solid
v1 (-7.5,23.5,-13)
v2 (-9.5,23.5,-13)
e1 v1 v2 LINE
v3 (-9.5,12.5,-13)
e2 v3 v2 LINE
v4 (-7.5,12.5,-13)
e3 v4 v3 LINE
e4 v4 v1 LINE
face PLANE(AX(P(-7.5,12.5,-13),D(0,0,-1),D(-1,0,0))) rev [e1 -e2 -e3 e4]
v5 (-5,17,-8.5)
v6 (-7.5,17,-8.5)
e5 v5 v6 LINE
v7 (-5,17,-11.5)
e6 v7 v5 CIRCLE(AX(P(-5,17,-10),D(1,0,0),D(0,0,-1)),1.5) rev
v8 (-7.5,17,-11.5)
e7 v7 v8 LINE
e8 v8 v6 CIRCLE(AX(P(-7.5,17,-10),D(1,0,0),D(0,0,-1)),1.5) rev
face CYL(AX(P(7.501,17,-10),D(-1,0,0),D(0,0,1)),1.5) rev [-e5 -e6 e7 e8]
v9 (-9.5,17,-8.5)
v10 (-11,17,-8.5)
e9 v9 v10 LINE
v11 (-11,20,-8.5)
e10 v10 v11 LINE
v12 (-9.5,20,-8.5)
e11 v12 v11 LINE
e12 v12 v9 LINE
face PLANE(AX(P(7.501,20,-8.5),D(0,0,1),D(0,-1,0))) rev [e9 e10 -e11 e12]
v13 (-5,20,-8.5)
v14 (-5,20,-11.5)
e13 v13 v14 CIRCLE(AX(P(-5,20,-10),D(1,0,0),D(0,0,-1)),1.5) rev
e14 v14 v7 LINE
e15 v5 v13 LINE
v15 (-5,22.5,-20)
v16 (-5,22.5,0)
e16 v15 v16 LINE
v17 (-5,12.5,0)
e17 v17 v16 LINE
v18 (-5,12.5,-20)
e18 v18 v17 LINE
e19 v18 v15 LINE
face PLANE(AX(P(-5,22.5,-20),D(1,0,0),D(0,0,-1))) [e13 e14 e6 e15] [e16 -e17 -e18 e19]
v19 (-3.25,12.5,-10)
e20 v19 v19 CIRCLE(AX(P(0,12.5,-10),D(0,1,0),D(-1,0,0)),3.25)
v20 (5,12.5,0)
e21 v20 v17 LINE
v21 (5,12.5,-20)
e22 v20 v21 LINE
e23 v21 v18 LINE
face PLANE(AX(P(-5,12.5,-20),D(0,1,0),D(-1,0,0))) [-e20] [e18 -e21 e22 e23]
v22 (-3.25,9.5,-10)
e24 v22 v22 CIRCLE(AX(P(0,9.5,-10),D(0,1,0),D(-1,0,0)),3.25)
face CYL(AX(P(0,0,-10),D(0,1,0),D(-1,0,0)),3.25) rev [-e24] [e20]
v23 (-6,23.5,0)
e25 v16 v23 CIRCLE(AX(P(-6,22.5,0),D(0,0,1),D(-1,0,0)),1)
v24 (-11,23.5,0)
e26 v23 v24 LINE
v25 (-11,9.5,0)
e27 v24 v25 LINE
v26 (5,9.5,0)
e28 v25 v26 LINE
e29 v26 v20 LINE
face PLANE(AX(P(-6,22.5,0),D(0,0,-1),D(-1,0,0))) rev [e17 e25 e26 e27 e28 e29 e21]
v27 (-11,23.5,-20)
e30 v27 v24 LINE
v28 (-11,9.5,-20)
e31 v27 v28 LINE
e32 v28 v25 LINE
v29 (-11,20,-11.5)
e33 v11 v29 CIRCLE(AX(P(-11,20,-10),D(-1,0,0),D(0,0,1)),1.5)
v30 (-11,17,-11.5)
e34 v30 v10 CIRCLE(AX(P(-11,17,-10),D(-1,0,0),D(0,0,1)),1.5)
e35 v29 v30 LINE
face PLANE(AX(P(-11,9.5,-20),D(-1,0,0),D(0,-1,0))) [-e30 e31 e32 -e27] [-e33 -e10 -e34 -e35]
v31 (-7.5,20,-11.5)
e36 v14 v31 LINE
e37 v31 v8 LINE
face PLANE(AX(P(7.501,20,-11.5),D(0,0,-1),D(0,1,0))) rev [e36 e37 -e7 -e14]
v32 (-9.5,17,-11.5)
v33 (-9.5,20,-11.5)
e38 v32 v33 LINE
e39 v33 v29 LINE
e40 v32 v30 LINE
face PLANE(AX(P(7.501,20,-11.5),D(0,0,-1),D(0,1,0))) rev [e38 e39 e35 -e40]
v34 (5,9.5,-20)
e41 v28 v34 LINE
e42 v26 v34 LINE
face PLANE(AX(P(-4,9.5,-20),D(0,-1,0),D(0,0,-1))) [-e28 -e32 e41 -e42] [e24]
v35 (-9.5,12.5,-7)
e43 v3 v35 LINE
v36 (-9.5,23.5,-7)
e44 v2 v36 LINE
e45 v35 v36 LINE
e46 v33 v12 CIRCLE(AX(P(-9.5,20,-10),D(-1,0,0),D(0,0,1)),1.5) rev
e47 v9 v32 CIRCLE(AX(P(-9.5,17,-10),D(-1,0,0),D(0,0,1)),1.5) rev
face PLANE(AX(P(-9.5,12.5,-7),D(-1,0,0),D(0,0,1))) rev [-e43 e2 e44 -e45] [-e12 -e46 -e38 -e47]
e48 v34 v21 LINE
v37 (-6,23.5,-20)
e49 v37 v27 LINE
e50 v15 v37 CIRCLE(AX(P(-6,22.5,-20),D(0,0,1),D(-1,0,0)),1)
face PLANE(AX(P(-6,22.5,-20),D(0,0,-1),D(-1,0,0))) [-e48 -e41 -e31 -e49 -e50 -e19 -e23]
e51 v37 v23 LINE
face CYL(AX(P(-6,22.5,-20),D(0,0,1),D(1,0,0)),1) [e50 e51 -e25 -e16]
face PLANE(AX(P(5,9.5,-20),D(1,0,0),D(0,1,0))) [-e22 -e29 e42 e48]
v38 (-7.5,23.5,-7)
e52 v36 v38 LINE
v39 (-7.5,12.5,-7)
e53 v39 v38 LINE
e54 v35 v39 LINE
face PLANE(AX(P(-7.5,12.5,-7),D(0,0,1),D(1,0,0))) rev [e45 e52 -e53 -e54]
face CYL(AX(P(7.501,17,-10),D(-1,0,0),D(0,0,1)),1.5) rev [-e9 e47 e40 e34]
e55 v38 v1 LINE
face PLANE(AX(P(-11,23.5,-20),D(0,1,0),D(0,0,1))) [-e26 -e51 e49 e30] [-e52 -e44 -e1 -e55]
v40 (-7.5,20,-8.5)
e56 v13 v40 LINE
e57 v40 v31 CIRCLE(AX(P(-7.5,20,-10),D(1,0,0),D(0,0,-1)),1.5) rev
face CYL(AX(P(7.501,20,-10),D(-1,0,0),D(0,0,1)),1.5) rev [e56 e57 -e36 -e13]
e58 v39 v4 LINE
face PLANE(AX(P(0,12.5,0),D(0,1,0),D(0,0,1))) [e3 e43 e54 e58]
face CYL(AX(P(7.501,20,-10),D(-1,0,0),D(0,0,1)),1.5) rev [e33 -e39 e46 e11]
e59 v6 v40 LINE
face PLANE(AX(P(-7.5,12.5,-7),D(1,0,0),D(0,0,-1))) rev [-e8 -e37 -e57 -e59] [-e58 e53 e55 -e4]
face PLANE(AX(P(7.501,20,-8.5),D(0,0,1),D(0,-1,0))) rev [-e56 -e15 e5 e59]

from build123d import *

# Parameters (mm, degrees)
ESTRUSIONE_ESTRUSIONE1_DEPTH         = 20
TAGLIO_ESTRUSIONE1_REACH             = 37.979
ESTRUSIONE_ESTRUSIONE4_DEPTH         = 0.6
SCHIZZO12_W                          = 2
SCHIZZO12_H                          = 6
TAGLIO_ESTRUSIONE2_DEPTH             = 11
SCHIZZO13_R                          = 3.25
TAGLIO_ESTRUSIONE3_DEPTH             = 27.487921942
TAGLIO_ESTRUSIONE4_REACH             = 34.76
SCHIZZO14_W                          = 18.5
SCHIZZO14_H                          = 9.5
TAGLIO_ESTRUSIONE4_DIRECTION_2_REACH = 34.76
SCHIZZO15_W                          = 1
SCHIZZO15_H                          = 20
ESTRUSIONE_ESTRUSIONE5_DEPTH         = 3


with BuildPart() as part:
    # Schizzo2 → Estrusione-Estrusione1 (new body)
    with BuildSketch(Plane.XY):
        with BuildLine():
            Line((-4, 9.5), (-11, 9.5))
            Line((-11, 9.5), (-11, 23.5))
            Line((-11, 23.5), (-6, 23.5))
            ThreePointArc((-6, 23.5), (-5.292893219, 23.207106781), (-5, 22.5))
            Line((-5, 22.5), (-5, 12.5))
            Line((-5, 12.5), (4, 12.5))
            Line((4, 12.5), (4, 9.5))
            Line((4, 9.5), (4, 6.5))
            Line((4, 6.5), (7.5, 6.5))
            Line((7.5, 6.5), (7.5, 4))
            Line((7.5, 4), (4, 0))
            Line((4, 0), (-4, 0))
            Line((-4, 0), (-7.5, 4))
            Line((-7.5, 4), (-7.5, 6.5))
            Line((-7.5, 6.5), (-4, 6.5))
            Line((-4, 6.5), (-4, 9.5))
        make_face()
    extrude(amount=-ESTRUSIONE_ESTRUSIONE1_DEPTH)

    # Schizzo6 → Taglio-Estrusione1 (cut, up to next)
    with BuildSketch(Plane.ZY.offset(11), mode=Mode.PRIVATE) as taglio_estrusione1_sk1:
        with BuildLine():
            Line((-8.5, 20), (-8.5, 17))
            ThreePointArc((-8.5, 17), (-10, 15.5), (-11.5, 17))
            Line((-11.5, 17), (-11.5, 20))
            ThreePointArc((-11.5, 20), (-10, 21.5), (-8.5, 20))
        make_face()
    taglio_estrusione1_tool1 = extrude(taglio_estrusione1_sk1.sketch, amount=-TAGLIO_ESTRUSIONE1_REACH, mode=Mode.PRIVATE) & part.part
    add(taglio_estrusione1_tool1.solids().sort_by_distance((-11, 18.5, -10))[0], mode=Mode.SUBTRACT)

    # Schizzo11 → Estrusione-Estrusione4 (add)
    with BuildSketch(Plane(origin=(0, 0, -20), x_dir=(-1, 0, 0), z_dir=(0, 0, -1))):
        with BuildLine():
            Line((-1.916666667, 6), (-2.5, 6))
            add(Edge.make_bspline(
                [(-2.5, 6), (-2.484196549, 6.065431756), (-2.453302094, 6.193345487), (-2.388863743, 6.376101829), (-2.318665127, 6.549045511), (-2.234371075, 6.708938219), (-2.142426246, 6.858993324), (-2.037084049, 6.995807413), (-1.923204564, 7.122860063), (-1.797243944, 7.235613218), (-1.665147858, 7.337714716), (-1.525054993, 7.424768393), (-1.379783905, 7.499656106), (-1.228328086, 7.561350822), (-1.070236625, 7.607826795), (-0.906938753, 7.641546577), (-0.738006538, 7.66344436), (-0.623332441, 7.665581492), (-0.565104167, 7.666666667)],
                knots=[0, 0, 0, 0, 1.162005537, 2.271625781, 3.343758855, 4.383309926, 5.390229558, 6.379919256, 7.361854164, 8.333198761, 9.295911338, 10.242430842, 11.177959212, 12.116337295, 13.062827104, 14.020064771, 14.994644689, 16, 16, 16, 16], degree=3))
            add(Edge.make_bspline(
                [(-0.565104167, 7.666666667), (-0.480264789, 7.664105239), (-0.312436625, 7.659038256), (-0.065876681, 7.612768588), (0.171887412, 7.539550485), (0.398253158, 7.438384992), (0.608515961, 7.313608553), (0.795597451, 7.165102613), (0.956961828, 6.995732482), (1.092337101, 6.80865772), (1.198333527, 6.608726059), (1.276493935, 6.402954339), (1.324077057, 6.191830678), (1.330243806, 6.049281445), (1.333333333, 5.977864583)],
                knots=[0, 0, 0, 0, 1.083050992, 2.142477498, 3.193116406, 4.255571735, 5.30263384, 6.308962982, 7.297363603, 8.282367274, 9.249857812, 10.179914175, 11.08814088, 12, 12, 12, 12], degree=3))
            add(Edge.make_bspline(
                [(1.333333333, 5.977864583), (1.331172379, 5.909137679), (1.326943725, 5.774649792), (1.291038272, 5.578309869), (1.230613784, 5.393261183), (1.146912796, 5.218724739), (1.038564203, 5.055807179), (0.907314909, 4.904141953), (0.752238537, 4.763056374), (0.634720509, 4.682234495), (0.57421875, 4.640625)],
                knots=[0, 0, 0, 0, 1.024540389, 2.004866551, 2.965041327, 3.920577974, 4.882998113, 5.874504559, 6.905732034, 8, 8, 8, 8], degree=3))
            add(Edge.make_bspline(
                [(0.57421875, 4.640625), (0.643363437, 4.607236967), (0.780359061, 4.541085617), (0.967095758, 4.411353496), (1.136611813, 4.261563137), (1.231147291, 4.144669639), (1.278645833, 4.0859375)],
                knots=[0, 0, 0, 0, 1.015518401, 2.012035669, 3.001164323, 4, 4, 4, 4], degree=3))
            add(Edge.make_bspline(
                [(1.278645833, 4.0859375), (1.309922612, 4.043115961), (1.37196399, 3.958174116), (1.448544267, 3.821606468), (1.518018337, 3.683525131), (1.572154458, 3.540229091), (1.614077354, 3.393379209), (1.644044271, 3.24272333), (1.662660533, 3.088138431), (1.665326558, 2.983558111), (1.666666667, 2.930989583)],
                knots=[0, 0, 0, 0, 1.025084078, 2.033381695, 3.024893161, 4.013698104, 4.991890475, 5.976764909, 6.982997093, 8, 8, 8, 8], degree=3))
            add(Edge.make_bspline(
                [(1.666666667, 2.930989583), (1.663333999, 2.83997153), (1.656684346, 2.658363755), (1.597248208, 2.390053558), (1.505109333, 2.127777625), (1.374260737, 1.876924352), (1.214792507, 1.64221793), (1.025071762, 1.43221907), (0.807254146, 1.251707377), (0.56432937, 1.100888382), (0.301140417, 0.980326526), (0.019642889, 0.896648418), (-0.276107211, 0.842148704), (-0.478920764, 0.836304519), (-0.58203125, 0.833333333)],
                knots=[0, 0, 0, 0, 0.955779014, 1.907060117, 2.875433937, 3.871313158, 4.872415639, 5.851225146, 6.836215519, 7.83643374, 8.849228613, 9.86973379, 10.916971861, 12, 12, 12, 12], degree=3))
            add(Edge.make_bspline(
                [(-0.58203125, 0.833333333), (-0.651524236, 0.834945729), (-0.78826326, 0.838118387), (-0.9892869, 0.859807218), (-1.181170056, 0.899420085), (-1.364172166, 0.952726223), (-1.538455805, 1.020310887), (-1.703489143, 1.104474184), (-1.860287517, 1.203481259), (-2.007371283, 1.318500779), (-2.144722909, 1.447166124), (-2.268692254, 1.591761428), (-2.381346155, 1.74961375), (-2.479668199, 1.922556569), (-2.568136825, 2.108354904), (-2.640901459, 2.309387829), (-2.704946086, 2.523858156), (-2.73472252, 2.673316816), (-2.75, 2.75)],
                knots=[0, 0, 0, 0, 1.048658725, 2.063410685, 3.046034179, 4.001477787, 4.936774919, 5.862367409, 6.792675028, 7.730719943, 8.675894397, 9.627829632, 10.600096036, 11.597688215, 12.626045268, 13.701542398, 14.82072376, 16, 16, 16, 16], degree=3))
            Line((-2.75, 2.75), (-2.166666667, 2.75))
            add(Edge.make_bspline(
                [(-2.166666667, 2.75), (-2.151469125, 2.699951833), (-2.121908588, 2.602603799), (-2.071590606, 2.462500375), (-2.014263815, 2.33406399), (-1.952765349, 2.216352478), (-1.888176806, 2.108206588), (-1.815906231, 2.012485974), (-1.74130639, 1.924986312), (-1.685073305, 1.875689176), (-1.657552083, 1.8515625)],
                knots=[0, 0, 0, 0, 1.198163088, 2.33053128, 3.407730985, 4.417276592, 5.372219308, 6.28897303, 7.162600585, 8, 8, 8, 8], degree=3))
            add(Edge.make_bspline(
                [(-1.657552083, 1.8515625), (-1.621158441, 1.823504166), (-1.548483496, 1.767474107), (-1.430056781, 1.695971082), (-1.305507707, 1.634014892), (-1.172137598, 1.586688029), (-1.032824452, 1.54661523), (-0.885316488, 1.520391409), (-0.730915085, 1.502399091), (-0.625489239, 1.500811361), (-0.571614583, 1.5)],
                knots=[0, 0, 0, 0, 0.946170439, 1.889420265, 2.845303464, 3.807233317, 4.801018734, 5.828864929, 6.890507805, 8, 8, 8, 8], degree=3))
            add(Edge.make_bspline(
                [(-0.571614583, 1.5), (-0.51078665, 1.501143824), (-0.391842877, 1.503380473), (-0.218283853, 1.523949643), (-0.053170021, 1.553906125), (0.101665412, 1.600173093), (0.24825064, 1.657337532), (0.384530847, 1.729113142), (0.512295044, 1.813324768), (0.629906797, 1.909040348), (0.735662739, 2.013823125), (0.828778978, 2.123418828), (0.907939064, 2.237365369), (0.97179428, 2.356293307), (1.022216731, 2.479710161), (1.056542675, 2.607962273), (1.080409774, 2.740000053), (1.082353483, 2.829753852), (1.083333333, 2.875)],
                knots=[0, 0, 0, 0, 1.217147791, 2.380027433, 3.494444702, 4.572153297, 5.609568379, 6.639424714, 7.649109417, 8.668170816, 9.669597737, 10.625200337, 11.543417969, 12.441394052, 13.322311151, 14.205496177, 15.095365482, 16, 16, 16, 16], degree=3))
            add(Edge.make_bspline(
                [(1.083333333, 2.875), (1.080491345, 2.935563915), (1.074821509, 3.056390388), (1.031534147, 3.234151597), (0.960333399, 3.405423649), (0.860655878, 3.567284402), (0.739318097, 3.71729679), (0.597497555, 3.851143829), (0.43401656, 3.961588284), (0.283551089, 4.037895789), (0.150272941, 4.089964642), (0.036215798, 4.124646719), (-0.091475036, 4.154014937), (-0.231255399, 4.181337727), (-0.384178515, 4.204591659), (-0.5500779, 4.223983603), (-0.728987171, 4.239500107), (-0.852842194, 4.246429284), (-0.916666667, 4.25)],
                knots=[0, 0, 0, 0, 1.07054697, 2.135767047, 3.216561865, 4.33974944, 5.486079747, 6.621378074, 7.775625952, 8.963672916, 9.598146892, 10.304877434, 11.070270905, 11.915000392, 12.823868403, 13.805723172, 14.86925407, 16, 16, 16, 16], degree=3))
            Line((-0.916666667, 4.25), (-0.916666667, 4.916666667))
            add(Edge.make_bspline(
                [(-0.916666667, 4.916666667), (-0.836250216, 4.918031302), (-0.678734144, 4.920704288), (-0.448644721, 4.95303345), (-0.228622855, 4.997754616), (-0.02354462, 5.066255688), (0.163374419, 5.145816239), (0.325539394, 5.238398914), (0.460678382, 5.34131202), (0.568134658, 5.456144008), (0.648974654, 5.579300525), (0.708081563, 5.707660032), (0.742996455, 5.842347574), (0.747657265, 5.934266243), (0.75, 5.98046875)],
                knots=[0, 0, 0, 0, 1.321986639, 2.589447074, 3.816329219, 5.01088745, 6.139805852, 7.153945165, 8.075214402, 8.924034688, 9.728124013, 10.488707548, 11.240355623, 12, 12, 12, 12], degree=3))
            add(Edge.make_bspline(
                [(0.75, 5.98046875), (0.74923038, 6.014413134), (0.747699256, 6.081943876), (0.728390026, 6.180604717), (0.69937395, 6.276249331), (0.659483024, 6.368470979), (0.606089798, 6.456630059), (0.542192966, 6.541478178), (0.466109351, 6.622530911), (0.37892495, 6.698080076), (0.285303026, 6.770080088), (0.182696301, 6.831205413), (0.074198534, 6.883474814), (-0.040310397, 6.926578176), (-0.161202096, 6.959002568), (-0.28790856, 6.982283416), (-0.420671401, 6.996839061), (-0.511247475, 6.99893469), (-0.557291667, 7)],
                knots=[0, 0, 0, 0, 0.884392785, 1.759457502, 2.611959086, 3.489218968, 4.37281399, 5.2945488, 6.255912374, 7.266815255, 8.301784654, 9.332968512, 10.37626691, 11.440494194, 12.520033166, 13.637162961, 14.798855837, 16, 16, 16, 16], degree=3))
            add(Edge.make_bspline(
                [(-0.557291667, 7), (-0.631301907, 6.997416042), (-0.775861121, 6.992368971), (-0.984260252, 6.948163375), (-1.177996158, 6.877632648), (-1.326082253, 6.793442755), (-1.435435605, 6.710334806), (-1.51357849, 6.637753232), (-1.590316581, 6.557092273), (-1.660601409, 6.463383862), (-1.731681652, 6.362974109), (-1.79639298, 6.2507587), (-1.859275266, 6.129664825), (-1.897165715, 6.044058647), (-1.916666667, 6)],
                knots=[0, 0, 0, 0, 1.472543308, 2.876219568, 4.221790263, 5.565193594, 6.249813518, 6.953379497, 7.687249741, 8.463570142, 9.283606569, 10.136032583, 11.040678096, 12, 12, 12, 12], degree=3))
        make_face()
    extrude(amount=ESTRUSIONE_ESTRUSIONE4_DEPTH)

    # Schizzo12 → Taglio-Estrusione2 (cut)
    with BuildSketch(Plane(origin=(0, 23.5, 0), x_dir=(1, 0, 0), z_dir=(0, 1, 0))):
        with Locations((-8.5, 10)):
            Rectangle(SCHIZZO12_W, SCHIZZO12_H)
    extrude(amount=-TAGLIO_ESTRUSIONE2_DEPTH, mode=Mode.SUBTRACT)

    # Schizzo13 → Taglio-Estrusione3 (cut, through all)
    with BuildSketch(Plane(origin=(0, 12.5, 0), x_dir=(1, 0, 0), z_dir=(0, 1, 0))):
        with Locations(Location((0, 10, 0), (0, 0, 180))):
            Circle(SCHIZZO13_R)
    extrude(amount=-TAGLIO_ESTRUSIONE3_DEPTH, mode=Mode.SUBTRACT)

    # Schizzo14 → Taglio-Estrusione4 (cut, up to next)
    with BuildSketch(Plane(origin=(0, 0, -20), x_dir=(-1, 0, 0), z_dir=(0, 0, -1)), mode=Mode.PRIVATE) as taglio_estrusione4_sk1:
        with Locations((1.75, 4.75)):
            Rectangle(SCHIZZO14_W, SCHIZZO14_H)
    taglio_estrusione4_tool1 = extrude(taglio_estrusione4_sk1.sketch, amount=-TAGLIO_ESTRUSIONE4_REACH, mode=Mode.PRIVATE) & part.part
    add(taglio_estrusione4_tool1.solids().sort_by_distance((-1.75, 4.75, -20))[0], mode=Mode.SUBTRACT)

    # Schizzo14 → Taglio-Estrusione4 direction 2 (cut, up to next)
    with BuildSketch(Plane(origin=(0, 0, -20), x_dir=(-1, 0, 0), z_dir=(0, 0, -1)), mode=Mode.PRIVATE) as taglio_estrusione4_direction_2_sk1:
        with Locations((1.75, 4.75)):
            Rectangle(SCHIZZO14_W, SCHIZZO14_H)
    taglio_estrusione4_direction_2_tool1 = extrude(taglio_estrusione4_direction_2_sk1.sketch, amount=TAGLIO_ESTRUSIONE4_DIRECTION_2_REACH, mode=Mode.PRIVATE) & part.part
    add(taglio_estrusione4_direction_2_tool1.solids().sort_by_distance((-1.75, 4.75, -20))[0], mode=Mode.SUBTRACT)

    # Schizzo15 → Estrusione-Estrusione5 (add, through all)
    with BuildSketch(Plane(origin=(0, 12.5, 0), x_dir=(1, 0, 0), z_dir=(0, 1, 0))):
        with Locations((4.5, 10)):
            Rectangle(SCHIZZO15_W, SCHIZZO15_H)
    extrude(amount=-ESTRUSIONE_ESTRUSIONE5_DEPTH)


solid = part.part
